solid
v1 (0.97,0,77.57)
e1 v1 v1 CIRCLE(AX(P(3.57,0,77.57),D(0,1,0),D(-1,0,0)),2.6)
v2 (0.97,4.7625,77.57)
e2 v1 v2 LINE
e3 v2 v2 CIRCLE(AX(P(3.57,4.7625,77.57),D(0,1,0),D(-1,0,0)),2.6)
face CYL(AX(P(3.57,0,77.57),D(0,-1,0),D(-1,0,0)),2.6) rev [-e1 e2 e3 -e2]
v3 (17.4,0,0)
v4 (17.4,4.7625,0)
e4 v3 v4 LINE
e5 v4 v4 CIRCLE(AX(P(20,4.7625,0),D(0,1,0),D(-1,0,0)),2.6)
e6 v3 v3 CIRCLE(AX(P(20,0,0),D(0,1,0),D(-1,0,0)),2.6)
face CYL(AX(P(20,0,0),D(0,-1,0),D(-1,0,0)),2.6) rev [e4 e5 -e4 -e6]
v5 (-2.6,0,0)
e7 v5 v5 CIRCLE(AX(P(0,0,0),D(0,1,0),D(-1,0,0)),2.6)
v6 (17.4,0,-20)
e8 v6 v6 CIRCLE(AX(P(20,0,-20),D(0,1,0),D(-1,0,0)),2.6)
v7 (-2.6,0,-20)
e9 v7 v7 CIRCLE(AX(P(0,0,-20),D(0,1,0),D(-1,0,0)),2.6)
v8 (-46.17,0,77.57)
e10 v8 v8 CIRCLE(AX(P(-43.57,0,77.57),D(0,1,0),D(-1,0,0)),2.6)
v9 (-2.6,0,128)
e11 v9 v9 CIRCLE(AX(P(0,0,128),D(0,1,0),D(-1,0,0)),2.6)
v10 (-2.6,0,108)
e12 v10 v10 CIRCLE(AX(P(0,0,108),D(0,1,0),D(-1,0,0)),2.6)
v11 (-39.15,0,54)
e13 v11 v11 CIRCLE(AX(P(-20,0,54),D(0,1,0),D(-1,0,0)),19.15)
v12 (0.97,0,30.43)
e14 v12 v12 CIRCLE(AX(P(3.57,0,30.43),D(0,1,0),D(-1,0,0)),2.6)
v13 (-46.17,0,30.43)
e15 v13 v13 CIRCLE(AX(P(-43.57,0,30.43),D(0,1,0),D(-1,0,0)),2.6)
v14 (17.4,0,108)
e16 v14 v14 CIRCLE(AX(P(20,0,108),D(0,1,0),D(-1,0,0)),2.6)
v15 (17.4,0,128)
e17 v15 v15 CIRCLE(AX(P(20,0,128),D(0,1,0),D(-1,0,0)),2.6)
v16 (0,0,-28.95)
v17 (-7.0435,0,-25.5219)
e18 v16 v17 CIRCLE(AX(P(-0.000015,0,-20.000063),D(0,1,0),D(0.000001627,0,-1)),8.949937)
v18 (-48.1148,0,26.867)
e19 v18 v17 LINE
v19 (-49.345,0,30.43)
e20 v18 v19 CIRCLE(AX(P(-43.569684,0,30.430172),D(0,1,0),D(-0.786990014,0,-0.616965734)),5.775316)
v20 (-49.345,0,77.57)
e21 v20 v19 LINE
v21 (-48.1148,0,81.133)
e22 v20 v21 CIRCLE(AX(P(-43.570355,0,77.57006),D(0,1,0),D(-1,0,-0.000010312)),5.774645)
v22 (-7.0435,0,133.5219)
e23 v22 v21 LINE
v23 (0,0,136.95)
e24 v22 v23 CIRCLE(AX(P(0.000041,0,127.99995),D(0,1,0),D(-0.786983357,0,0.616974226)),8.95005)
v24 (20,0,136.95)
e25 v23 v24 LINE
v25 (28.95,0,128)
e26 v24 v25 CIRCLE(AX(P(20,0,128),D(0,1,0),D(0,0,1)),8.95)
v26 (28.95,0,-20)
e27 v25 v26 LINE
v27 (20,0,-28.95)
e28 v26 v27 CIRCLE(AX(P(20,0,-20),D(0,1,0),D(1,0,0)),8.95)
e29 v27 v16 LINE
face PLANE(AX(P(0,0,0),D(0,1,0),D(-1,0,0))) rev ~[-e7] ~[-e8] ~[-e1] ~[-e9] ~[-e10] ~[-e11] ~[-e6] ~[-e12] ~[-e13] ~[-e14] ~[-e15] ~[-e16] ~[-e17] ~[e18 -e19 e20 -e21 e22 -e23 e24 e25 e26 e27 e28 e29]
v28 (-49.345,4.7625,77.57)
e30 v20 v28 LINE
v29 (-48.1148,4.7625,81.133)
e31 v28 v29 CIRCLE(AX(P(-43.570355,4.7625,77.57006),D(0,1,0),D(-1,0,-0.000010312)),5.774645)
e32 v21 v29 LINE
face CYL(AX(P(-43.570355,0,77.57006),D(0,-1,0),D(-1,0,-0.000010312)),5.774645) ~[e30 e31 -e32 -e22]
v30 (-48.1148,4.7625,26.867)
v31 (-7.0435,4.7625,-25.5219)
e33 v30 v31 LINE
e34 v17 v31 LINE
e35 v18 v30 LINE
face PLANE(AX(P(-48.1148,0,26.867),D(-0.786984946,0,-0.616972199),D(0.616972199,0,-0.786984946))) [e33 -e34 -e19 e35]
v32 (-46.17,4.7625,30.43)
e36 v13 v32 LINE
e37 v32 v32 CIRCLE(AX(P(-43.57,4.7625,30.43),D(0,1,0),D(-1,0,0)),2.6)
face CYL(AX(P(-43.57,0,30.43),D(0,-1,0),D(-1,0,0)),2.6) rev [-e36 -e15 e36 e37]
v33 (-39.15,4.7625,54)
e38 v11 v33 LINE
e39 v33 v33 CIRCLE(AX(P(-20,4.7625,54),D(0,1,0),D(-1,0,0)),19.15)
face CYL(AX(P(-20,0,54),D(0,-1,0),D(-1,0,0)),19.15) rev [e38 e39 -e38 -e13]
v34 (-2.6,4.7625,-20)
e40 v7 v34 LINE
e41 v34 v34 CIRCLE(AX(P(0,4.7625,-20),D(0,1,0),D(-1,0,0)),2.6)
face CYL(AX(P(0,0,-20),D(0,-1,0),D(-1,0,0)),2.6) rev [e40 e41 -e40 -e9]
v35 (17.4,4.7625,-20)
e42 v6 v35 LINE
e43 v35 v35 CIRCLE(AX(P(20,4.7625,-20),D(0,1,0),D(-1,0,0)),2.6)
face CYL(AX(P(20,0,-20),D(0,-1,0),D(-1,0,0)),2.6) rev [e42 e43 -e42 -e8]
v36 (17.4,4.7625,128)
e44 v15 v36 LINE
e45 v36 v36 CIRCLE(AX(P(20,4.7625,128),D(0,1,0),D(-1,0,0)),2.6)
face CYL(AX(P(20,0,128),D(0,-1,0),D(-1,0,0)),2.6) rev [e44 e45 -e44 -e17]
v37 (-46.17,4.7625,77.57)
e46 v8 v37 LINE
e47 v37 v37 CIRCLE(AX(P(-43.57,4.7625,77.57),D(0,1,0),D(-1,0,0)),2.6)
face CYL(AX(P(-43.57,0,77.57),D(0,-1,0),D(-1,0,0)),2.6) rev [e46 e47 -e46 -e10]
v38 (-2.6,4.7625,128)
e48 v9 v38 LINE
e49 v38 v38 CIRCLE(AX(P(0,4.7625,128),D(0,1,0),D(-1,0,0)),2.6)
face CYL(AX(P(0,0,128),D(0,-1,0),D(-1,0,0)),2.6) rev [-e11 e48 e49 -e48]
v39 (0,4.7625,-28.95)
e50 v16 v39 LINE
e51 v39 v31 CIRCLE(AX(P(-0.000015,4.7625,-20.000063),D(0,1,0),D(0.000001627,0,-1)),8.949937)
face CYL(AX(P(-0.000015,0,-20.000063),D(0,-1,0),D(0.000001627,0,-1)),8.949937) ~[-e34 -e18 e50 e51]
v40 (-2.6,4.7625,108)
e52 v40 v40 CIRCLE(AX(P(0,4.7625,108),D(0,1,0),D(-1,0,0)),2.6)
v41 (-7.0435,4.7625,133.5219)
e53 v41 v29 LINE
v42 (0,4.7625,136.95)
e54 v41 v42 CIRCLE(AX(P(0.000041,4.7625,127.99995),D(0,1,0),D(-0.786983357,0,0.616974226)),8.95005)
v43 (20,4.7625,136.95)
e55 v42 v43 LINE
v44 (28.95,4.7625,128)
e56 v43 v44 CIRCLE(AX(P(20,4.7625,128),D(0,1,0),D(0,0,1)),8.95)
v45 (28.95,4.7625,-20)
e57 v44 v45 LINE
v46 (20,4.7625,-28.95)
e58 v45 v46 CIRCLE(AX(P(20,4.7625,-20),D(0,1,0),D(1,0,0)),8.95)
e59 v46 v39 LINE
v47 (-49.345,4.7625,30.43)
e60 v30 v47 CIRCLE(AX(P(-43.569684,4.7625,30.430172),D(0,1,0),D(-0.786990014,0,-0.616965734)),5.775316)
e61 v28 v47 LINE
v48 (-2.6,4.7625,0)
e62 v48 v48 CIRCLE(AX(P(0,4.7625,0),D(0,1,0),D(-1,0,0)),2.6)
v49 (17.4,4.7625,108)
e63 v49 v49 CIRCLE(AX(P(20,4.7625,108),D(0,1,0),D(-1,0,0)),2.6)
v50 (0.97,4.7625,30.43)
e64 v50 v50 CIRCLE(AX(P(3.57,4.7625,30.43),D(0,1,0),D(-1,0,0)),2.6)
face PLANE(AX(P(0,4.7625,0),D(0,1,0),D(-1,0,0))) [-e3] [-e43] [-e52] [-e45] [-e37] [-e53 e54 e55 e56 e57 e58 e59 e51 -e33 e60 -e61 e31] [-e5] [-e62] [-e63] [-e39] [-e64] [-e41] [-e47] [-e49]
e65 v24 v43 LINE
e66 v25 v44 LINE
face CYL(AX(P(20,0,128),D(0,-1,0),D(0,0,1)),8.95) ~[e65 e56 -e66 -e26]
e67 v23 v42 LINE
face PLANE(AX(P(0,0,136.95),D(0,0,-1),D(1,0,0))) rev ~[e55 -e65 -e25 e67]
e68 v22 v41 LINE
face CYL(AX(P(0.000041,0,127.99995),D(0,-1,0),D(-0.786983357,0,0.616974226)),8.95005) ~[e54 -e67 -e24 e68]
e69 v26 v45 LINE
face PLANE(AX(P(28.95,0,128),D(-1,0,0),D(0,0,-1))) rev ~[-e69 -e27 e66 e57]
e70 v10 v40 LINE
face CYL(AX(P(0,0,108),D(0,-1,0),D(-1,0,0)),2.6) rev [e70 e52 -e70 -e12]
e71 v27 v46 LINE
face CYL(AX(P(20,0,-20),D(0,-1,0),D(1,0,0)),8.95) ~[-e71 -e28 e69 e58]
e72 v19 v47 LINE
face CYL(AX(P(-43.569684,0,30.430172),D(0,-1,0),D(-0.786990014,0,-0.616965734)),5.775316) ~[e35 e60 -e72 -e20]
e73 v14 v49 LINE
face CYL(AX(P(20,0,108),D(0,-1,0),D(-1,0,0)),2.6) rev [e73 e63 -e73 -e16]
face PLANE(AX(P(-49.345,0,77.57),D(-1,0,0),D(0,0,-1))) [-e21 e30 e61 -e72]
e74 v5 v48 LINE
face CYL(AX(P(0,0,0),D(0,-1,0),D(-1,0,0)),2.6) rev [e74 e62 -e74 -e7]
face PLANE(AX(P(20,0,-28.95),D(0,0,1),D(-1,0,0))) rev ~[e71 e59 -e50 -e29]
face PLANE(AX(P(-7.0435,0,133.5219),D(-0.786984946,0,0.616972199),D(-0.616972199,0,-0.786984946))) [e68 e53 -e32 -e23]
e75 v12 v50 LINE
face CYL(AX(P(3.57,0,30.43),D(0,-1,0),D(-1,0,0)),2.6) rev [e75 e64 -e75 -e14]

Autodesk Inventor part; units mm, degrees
ref_plane "YZ Plane" through (0, 0, 0) normal (1, 0, 0) x (0, 1, 0)
ref_plane "XZ Plane" through (0, 0, 0) normal (0, 1, 0) x (-1, 0, 0)
ref_plane "XY Plane" through (0, 0, 0) normal (0, 0, 1) x (1, 0, 0)
sketch "Sketch1" plane through (0, 0, 0) normal (0, 1, 0) x (-1, 0, 0)
  circle A0 centre (0, 0) radius 2.6
  line L0 (0, 0) -> (0, -2.6) construction
  line L1 (0, 0) -> (-2.6, 0) construction
  circle A1 centre (0, -20) radius 2.6
  circle A2 centre (-20, 0) radius 2.6
  circle A3 centre (-20, -20) radius 2.6
  circle A4 centre (0, 108) radius 2.6
  circle A5 centre (-20, 108) radius 2.6
  circle A6 centre (0, 128) radius 2.6
  circle A7 centre (-20, 128) radius 2.6
  circle A8 centre (20, 54) radius 19.15
  circle A9 centre (43.57, 30.43) radius 2.6
  circle A10 centre (-3.57, 30.43) radius 2.6
  circle A11 centre (-3.57, 77.57) radius 2.6
  circle A12 centre (43.57, 77.57) radius 2.6
  circle A13 centre (43.57, 77.57) radius 5.775 construction
  circle A14 centre (43.57, 30.43) radius 5.775 construction
  circle A15 centre (0, 128) radius 8.95 construction
  circle A16 centre (-20, 128) radius 8.95 construction
  circle A17 centre (0, -20) radius 8.95 construction
  circle A18 centre (-20, -20) radius 8.95 construction
  line L2 (7.0435, 133.5219) -> (48.1148, 81.133)
  line L3 (48.1148, 26.867) -> (7.0435, -25.5219)
  line L4 (0, 136.95) -> (-20, 136.95)
  line L5 (-28.95, 128) -> (-28.95, -20)
  line L6 (-20, -28.95) -> (0, -28.95)
  line L7 (49.345, 77.57) -> (49.345, 30.43)
  arc A19 (49.345, 77.57) -> (48.1148, 81.133) centre (43.57, 77.57) ccw
  arc A20 (48.1148, 26.867) -> (49.345, 30.43) centre (43.57, 30.43) ccw
  arc A21 (0, -28.95) -> (7.0435, -25.5219) centre (0, -20) ccw
  arc A22 (-28.95, -20) -> (-20, -28.95) centre (-20, -20) ccw
  arc A23 (-20, 136.95) -> (-28.95, 128) centre (-20, 128) ccw
  arc A24 (7.0435, 133.5219) -> (0, 136.95) centre (0, 128) ccw
  point P0 (0, -22.6)
  point P1 (-2.6, -20)
  point P2 (-20, -2.6)
  point P3 (-22.6, 0)
  point P4 (-20, -22.6)
  point P5 (-22.6, -20)
  dimension "d0" = 5.2
  dimension "d3" = 20
  dimension "d6" = 20
  dimension "d9" = 108
  dimension "d10" = 20
  dimension "d11" = 20
  dimension "d13" = 54
  dimension "d14" = 38.3
  dimension "d15" = 23.57
  dimension "d16" = 23.57
  dimension "d17" = 47.14
  dimension "d18" = 47.14
  dimension "d19" = 3.175
  dimension "d20" = 6.35
extrude "Extrusion1" add sketch "Sketch1" along normal blind 4.7625
equation "\"d13\" = 0.5 * d9"
equation "\"d18\" = d17"
properties part number "CNC-000-StructureGusset1" material "Steel AISI 1008 91 HR"
